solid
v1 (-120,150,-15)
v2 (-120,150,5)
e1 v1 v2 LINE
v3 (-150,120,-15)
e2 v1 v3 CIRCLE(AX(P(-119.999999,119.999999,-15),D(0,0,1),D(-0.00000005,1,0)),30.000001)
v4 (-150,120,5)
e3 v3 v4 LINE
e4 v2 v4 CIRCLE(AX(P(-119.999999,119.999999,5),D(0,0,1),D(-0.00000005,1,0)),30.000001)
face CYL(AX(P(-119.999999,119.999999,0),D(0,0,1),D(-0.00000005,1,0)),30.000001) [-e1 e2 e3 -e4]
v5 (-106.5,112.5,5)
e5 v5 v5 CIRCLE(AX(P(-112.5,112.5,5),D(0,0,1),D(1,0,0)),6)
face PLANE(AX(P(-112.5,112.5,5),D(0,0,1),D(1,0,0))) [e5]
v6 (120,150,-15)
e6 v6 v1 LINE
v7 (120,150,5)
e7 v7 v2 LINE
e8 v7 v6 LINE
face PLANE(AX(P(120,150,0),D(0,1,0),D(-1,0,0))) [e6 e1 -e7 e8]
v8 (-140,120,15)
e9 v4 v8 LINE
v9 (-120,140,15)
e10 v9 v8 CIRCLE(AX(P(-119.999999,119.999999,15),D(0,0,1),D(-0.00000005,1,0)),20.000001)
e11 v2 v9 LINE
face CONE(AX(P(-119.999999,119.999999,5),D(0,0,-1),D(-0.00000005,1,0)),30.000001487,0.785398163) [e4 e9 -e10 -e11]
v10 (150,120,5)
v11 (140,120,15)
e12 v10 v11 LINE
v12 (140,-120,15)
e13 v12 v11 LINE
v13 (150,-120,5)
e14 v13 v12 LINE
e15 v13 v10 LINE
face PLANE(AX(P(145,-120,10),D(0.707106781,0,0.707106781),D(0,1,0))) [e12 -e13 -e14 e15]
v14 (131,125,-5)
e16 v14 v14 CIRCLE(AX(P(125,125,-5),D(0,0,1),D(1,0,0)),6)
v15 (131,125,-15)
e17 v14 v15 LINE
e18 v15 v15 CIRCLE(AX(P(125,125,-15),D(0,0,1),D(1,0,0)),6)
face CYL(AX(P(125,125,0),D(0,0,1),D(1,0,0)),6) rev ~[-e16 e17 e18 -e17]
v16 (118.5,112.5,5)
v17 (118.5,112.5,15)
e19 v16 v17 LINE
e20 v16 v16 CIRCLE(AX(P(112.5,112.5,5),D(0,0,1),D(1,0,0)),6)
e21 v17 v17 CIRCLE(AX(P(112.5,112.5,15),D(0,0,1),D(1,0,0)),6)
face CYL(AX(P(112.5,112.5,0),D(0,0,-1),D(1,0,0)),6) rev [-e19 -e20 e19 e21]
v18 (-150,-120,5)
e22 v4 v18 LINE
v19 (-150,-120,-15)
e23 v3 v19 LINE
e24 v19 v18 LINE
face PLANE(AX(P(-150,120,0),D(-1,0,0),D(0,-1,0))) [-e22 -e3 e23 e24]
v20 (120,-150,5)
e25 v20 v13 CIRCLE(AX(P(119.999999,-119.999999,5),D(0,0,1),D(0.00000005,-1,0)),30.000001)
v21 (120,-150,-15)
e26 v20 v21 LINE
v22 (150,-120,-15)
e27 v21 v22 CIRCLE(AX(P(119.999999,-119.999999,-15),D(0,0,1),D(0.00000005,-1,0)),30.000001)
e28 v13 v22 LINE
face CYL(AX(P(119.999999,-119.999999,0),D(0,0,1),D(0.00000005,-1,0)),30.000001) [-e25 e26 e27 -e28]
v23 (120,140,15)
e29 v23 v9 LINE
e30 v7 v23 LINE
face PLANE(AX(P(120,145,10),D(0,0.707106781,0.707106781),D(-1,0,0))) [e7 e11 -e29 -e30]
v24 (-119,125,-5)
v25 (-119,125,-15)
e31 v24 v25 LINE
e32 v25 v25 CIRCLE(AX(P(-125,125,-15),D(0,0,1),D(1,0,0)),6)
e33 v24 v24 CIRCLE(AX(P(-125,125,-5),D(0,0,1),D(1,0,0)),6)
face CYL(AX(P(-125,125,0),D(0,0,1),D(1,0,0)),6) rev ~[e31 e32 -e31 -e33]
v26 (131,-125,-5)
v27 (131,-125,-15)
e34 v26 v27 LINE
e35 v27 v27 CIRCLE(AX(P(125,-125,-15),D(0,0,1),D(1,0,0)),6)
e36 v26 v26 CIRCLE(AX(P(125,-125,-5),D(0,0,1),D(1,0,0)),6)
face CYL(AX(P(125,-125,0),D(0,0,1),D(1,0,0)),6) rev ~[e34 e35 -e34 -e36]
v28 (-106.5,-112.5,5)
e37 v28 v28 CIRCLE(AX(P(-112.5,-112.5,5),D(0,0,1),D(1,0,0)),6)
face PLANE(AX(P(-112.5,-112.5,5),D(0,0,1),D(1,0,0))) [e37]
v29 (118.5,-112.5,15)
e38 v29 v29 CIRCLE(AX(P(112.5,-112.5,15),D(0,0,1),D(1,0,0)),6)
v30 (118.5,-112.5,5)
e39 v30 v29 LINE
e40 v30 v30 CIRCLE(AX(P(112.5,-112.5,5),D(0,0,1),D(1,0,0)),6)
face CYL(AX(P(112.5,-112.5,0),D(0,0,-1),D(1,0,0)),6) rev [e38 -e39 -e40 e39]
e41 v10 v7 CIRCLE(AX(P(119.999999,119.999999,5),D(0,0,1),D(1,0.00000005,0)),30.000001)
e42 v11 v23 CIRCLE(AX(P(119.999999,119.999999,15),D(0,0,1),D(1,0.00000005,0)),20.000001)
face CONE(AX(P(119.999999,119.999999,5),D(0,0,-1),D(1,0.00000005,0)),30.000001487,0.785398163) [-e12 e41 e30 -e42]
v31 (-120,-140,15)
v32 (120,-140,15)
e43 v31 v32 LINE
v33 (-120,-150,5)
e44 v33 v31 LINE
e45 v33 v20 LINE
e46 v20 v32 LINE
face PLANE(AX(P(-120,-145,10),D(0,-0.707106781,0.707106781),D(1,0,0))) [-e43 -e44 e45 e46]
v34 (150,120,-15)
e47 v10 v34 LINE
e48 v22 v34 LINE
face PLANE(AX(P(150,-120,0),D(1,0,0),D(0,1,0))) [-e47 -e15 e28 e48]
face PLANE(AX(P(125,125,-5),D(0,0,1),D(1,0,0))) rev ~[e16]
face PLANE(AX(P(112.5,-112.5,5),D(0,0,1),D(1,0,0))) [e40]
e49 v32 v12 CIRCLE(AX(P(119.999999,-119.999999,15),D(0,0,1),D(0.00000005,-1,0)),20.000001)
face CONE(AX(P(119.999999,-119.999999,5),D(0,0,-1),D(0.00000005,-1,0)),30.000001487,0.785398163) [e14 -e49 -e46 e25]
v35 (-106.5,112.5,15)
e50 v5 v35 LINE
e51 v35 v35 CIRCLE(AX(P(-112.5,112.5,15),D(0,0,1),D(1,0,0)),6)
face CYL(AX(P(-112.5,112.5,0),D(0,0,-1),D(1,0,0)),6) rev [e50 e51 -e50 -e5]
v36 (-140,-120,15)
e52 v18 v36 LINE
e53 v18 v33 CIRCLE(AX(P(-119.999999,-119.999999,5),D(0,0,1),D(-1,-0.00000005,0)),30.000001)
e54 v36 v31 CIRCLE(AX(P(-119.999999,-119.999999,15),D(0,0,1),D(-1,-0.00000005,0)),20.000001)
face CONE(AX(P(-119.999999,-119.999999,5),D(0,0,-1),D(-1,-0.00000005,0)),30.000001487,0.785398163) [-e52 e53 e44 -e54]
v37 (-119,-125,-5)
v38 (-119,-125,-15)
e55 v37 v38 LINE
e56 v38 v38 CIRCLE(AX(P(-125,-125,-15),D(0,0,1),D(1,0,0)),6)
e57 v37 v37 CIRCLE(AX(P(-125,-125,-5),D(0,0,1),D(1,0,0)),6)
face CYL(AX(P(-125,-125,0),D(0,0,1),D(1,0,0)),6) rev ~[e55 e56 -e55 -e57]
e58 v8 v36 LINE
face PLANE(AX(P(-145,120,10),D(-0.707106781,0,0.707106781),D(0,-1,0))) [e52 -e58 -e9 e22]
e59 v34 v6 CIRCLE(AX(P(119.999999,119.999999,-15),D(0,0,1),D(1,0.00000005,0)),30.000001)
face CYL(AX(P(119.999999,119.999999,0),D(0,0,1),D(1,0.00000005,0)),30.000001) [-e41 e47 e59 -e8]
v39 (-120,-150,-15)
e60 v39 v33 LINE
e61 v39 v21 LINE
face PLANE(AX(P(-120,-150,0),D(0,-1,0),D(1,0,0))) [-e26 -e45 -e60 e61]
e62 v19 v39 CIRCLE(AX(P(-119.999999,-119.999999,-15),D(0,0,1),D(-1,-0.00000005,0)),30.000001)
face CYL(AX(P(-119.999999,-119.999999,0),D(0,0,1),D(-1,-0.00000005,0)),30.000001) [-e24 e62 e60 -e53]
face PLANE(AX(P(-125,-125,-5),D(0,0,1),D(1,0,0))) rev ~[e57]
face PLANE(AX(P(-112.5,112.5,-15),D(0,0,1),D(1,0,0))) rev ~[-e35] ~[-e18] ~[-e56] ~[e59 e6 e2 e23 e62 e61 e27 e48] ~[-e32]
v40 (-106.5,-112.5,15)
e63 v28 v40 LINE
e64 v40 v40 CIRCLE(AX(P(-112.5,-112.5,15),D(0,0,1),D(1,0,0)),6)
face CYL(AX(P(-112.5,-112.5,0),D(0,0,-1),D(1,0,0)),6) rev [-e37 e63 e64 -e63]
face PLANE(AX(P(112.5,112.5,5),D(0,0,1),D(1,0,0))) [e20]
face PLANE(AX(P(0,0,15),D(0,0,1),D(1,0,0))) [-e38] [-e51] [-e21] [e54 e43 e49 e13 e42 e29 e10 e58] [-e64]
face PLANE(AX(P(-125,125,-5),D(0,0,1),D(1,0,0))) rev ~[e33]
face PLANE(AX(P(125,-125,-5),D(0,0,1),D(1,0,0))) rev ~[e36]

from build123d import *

# Parameters (mm, degrees)
F0_R          = 6
F1_DEPTH      = 15
F1_DEPTH_BACK = 15
F2_SIZE       = 10
F3_DEPTH      = 5
F3_DEPTH_BACK = 15
F4_DEPTH      = 15
F4_DEPTH_BACK = 5


with BuildPart() as f1:
    # F0 (on Top) → F1 (new body, two sides)
    with BuildSketch(Plane.XY) as f1_sk:
        with BuildLine():
            Line((120, 150), (-120, 150))
            ThreePointArc((-120, 150), (-141.213203, 141.213203), (-150, 120))
            Line((-150, 120), (-150, -120))
            ThreePointArc((-150, -120), (-141.213203, -141.213203), (-120, -150))
            Line((-120, -150), (120, -150))
            ThreePointArc((120, -150), (141.213203, -141.213203), (150, -120))
            Line((150, -120), (150, 120))
            ThreePointArc((150, 120), (141.213203, 141.213203), (120, 150))
        make_face()
        with Locations((-125, -125)):
            Circle(F0_R, mode=Mode.SUBTRACT)
        with Locations((-112.5, -112.5)):
            Circle(F0_R, mode=Mode.SUBTRACT)
        with Locations((125, -125)):
            Circle(F0_R, mode=Mode.SUBTRACT)
        with Locations((112.5, -112.5)):
            Circle(F0_R, mode=Mode.SUBTRACT)
        with Locations((-125, 125)):
            Circle(F0_R, mode=Mode.SUBTRACT)
        with Locations((-112.5, 112.5)):
            Circle(F0_R, mode=Mode.SUBTRACT)
        with Locations((112.5, 112.5)):
            Circle(F0_R, mode=Mode.SUBTRACT)
        with Locations((125, 125)):
            Circle(F0_R, mode=Mode.SUBTRACT)
    extrude(amount=F1_DEPTH)
    extrude(f1_sk.sketch, amount=-F1_DEPTH_BACK)

    # F2
    f2_edges = [f1.edges().sort_by_distance(p)[0] for p in [
        (0, 150, 15),
        (-141.213203, 141.213203, 15),
        (-150, 0, 15),
        (0, -150, 15),
        (-141.213203, -141.213203, 15),
        (141.213203, -141.213203, 15),
        (150, 0, 15),
        (141.213203, 141.213203, 15),
    ]]
    chamfer(f2_edges, length=F2_SIZE)

    # F0 (on Top) → F3 (join, two sides)
    with BuildSketch(Plane.XY) as f3_sk:
        with Locations((-112.5, 112.5)):
            Circle(F0_R)
        with Locations((112.5, 112.5)):
            Circle(F0_R)
        with Locations((112.5, -112.5)):
            Circle(F0_R)
        with Locations((-112.5, -112.5)):
            Circle(F0_R)
    extrude(amount=F3_DEPTH)
    extrude(f3_sk.sketch, amount=-F3_DEPTH_BACK)

    # F0 (on Top) → F4 (join, two sides)
    with BuildSketch(Plane.XY) as f4_sk:
        with Locations((125, 125)):
            Circle(F0_R)
        with Locations((-125, 125)):
            Circle(F0_R)
        with Locations((-125, -125)):
            Circle(F0_R)
        with Locations((125, -125)):
            Circle(F0_R)
    extrude(amount=F4_DEPTH)
    extrude(f4_sk.sketch, amount=-F4_DEPTH_BACK)


solid = f1.part
